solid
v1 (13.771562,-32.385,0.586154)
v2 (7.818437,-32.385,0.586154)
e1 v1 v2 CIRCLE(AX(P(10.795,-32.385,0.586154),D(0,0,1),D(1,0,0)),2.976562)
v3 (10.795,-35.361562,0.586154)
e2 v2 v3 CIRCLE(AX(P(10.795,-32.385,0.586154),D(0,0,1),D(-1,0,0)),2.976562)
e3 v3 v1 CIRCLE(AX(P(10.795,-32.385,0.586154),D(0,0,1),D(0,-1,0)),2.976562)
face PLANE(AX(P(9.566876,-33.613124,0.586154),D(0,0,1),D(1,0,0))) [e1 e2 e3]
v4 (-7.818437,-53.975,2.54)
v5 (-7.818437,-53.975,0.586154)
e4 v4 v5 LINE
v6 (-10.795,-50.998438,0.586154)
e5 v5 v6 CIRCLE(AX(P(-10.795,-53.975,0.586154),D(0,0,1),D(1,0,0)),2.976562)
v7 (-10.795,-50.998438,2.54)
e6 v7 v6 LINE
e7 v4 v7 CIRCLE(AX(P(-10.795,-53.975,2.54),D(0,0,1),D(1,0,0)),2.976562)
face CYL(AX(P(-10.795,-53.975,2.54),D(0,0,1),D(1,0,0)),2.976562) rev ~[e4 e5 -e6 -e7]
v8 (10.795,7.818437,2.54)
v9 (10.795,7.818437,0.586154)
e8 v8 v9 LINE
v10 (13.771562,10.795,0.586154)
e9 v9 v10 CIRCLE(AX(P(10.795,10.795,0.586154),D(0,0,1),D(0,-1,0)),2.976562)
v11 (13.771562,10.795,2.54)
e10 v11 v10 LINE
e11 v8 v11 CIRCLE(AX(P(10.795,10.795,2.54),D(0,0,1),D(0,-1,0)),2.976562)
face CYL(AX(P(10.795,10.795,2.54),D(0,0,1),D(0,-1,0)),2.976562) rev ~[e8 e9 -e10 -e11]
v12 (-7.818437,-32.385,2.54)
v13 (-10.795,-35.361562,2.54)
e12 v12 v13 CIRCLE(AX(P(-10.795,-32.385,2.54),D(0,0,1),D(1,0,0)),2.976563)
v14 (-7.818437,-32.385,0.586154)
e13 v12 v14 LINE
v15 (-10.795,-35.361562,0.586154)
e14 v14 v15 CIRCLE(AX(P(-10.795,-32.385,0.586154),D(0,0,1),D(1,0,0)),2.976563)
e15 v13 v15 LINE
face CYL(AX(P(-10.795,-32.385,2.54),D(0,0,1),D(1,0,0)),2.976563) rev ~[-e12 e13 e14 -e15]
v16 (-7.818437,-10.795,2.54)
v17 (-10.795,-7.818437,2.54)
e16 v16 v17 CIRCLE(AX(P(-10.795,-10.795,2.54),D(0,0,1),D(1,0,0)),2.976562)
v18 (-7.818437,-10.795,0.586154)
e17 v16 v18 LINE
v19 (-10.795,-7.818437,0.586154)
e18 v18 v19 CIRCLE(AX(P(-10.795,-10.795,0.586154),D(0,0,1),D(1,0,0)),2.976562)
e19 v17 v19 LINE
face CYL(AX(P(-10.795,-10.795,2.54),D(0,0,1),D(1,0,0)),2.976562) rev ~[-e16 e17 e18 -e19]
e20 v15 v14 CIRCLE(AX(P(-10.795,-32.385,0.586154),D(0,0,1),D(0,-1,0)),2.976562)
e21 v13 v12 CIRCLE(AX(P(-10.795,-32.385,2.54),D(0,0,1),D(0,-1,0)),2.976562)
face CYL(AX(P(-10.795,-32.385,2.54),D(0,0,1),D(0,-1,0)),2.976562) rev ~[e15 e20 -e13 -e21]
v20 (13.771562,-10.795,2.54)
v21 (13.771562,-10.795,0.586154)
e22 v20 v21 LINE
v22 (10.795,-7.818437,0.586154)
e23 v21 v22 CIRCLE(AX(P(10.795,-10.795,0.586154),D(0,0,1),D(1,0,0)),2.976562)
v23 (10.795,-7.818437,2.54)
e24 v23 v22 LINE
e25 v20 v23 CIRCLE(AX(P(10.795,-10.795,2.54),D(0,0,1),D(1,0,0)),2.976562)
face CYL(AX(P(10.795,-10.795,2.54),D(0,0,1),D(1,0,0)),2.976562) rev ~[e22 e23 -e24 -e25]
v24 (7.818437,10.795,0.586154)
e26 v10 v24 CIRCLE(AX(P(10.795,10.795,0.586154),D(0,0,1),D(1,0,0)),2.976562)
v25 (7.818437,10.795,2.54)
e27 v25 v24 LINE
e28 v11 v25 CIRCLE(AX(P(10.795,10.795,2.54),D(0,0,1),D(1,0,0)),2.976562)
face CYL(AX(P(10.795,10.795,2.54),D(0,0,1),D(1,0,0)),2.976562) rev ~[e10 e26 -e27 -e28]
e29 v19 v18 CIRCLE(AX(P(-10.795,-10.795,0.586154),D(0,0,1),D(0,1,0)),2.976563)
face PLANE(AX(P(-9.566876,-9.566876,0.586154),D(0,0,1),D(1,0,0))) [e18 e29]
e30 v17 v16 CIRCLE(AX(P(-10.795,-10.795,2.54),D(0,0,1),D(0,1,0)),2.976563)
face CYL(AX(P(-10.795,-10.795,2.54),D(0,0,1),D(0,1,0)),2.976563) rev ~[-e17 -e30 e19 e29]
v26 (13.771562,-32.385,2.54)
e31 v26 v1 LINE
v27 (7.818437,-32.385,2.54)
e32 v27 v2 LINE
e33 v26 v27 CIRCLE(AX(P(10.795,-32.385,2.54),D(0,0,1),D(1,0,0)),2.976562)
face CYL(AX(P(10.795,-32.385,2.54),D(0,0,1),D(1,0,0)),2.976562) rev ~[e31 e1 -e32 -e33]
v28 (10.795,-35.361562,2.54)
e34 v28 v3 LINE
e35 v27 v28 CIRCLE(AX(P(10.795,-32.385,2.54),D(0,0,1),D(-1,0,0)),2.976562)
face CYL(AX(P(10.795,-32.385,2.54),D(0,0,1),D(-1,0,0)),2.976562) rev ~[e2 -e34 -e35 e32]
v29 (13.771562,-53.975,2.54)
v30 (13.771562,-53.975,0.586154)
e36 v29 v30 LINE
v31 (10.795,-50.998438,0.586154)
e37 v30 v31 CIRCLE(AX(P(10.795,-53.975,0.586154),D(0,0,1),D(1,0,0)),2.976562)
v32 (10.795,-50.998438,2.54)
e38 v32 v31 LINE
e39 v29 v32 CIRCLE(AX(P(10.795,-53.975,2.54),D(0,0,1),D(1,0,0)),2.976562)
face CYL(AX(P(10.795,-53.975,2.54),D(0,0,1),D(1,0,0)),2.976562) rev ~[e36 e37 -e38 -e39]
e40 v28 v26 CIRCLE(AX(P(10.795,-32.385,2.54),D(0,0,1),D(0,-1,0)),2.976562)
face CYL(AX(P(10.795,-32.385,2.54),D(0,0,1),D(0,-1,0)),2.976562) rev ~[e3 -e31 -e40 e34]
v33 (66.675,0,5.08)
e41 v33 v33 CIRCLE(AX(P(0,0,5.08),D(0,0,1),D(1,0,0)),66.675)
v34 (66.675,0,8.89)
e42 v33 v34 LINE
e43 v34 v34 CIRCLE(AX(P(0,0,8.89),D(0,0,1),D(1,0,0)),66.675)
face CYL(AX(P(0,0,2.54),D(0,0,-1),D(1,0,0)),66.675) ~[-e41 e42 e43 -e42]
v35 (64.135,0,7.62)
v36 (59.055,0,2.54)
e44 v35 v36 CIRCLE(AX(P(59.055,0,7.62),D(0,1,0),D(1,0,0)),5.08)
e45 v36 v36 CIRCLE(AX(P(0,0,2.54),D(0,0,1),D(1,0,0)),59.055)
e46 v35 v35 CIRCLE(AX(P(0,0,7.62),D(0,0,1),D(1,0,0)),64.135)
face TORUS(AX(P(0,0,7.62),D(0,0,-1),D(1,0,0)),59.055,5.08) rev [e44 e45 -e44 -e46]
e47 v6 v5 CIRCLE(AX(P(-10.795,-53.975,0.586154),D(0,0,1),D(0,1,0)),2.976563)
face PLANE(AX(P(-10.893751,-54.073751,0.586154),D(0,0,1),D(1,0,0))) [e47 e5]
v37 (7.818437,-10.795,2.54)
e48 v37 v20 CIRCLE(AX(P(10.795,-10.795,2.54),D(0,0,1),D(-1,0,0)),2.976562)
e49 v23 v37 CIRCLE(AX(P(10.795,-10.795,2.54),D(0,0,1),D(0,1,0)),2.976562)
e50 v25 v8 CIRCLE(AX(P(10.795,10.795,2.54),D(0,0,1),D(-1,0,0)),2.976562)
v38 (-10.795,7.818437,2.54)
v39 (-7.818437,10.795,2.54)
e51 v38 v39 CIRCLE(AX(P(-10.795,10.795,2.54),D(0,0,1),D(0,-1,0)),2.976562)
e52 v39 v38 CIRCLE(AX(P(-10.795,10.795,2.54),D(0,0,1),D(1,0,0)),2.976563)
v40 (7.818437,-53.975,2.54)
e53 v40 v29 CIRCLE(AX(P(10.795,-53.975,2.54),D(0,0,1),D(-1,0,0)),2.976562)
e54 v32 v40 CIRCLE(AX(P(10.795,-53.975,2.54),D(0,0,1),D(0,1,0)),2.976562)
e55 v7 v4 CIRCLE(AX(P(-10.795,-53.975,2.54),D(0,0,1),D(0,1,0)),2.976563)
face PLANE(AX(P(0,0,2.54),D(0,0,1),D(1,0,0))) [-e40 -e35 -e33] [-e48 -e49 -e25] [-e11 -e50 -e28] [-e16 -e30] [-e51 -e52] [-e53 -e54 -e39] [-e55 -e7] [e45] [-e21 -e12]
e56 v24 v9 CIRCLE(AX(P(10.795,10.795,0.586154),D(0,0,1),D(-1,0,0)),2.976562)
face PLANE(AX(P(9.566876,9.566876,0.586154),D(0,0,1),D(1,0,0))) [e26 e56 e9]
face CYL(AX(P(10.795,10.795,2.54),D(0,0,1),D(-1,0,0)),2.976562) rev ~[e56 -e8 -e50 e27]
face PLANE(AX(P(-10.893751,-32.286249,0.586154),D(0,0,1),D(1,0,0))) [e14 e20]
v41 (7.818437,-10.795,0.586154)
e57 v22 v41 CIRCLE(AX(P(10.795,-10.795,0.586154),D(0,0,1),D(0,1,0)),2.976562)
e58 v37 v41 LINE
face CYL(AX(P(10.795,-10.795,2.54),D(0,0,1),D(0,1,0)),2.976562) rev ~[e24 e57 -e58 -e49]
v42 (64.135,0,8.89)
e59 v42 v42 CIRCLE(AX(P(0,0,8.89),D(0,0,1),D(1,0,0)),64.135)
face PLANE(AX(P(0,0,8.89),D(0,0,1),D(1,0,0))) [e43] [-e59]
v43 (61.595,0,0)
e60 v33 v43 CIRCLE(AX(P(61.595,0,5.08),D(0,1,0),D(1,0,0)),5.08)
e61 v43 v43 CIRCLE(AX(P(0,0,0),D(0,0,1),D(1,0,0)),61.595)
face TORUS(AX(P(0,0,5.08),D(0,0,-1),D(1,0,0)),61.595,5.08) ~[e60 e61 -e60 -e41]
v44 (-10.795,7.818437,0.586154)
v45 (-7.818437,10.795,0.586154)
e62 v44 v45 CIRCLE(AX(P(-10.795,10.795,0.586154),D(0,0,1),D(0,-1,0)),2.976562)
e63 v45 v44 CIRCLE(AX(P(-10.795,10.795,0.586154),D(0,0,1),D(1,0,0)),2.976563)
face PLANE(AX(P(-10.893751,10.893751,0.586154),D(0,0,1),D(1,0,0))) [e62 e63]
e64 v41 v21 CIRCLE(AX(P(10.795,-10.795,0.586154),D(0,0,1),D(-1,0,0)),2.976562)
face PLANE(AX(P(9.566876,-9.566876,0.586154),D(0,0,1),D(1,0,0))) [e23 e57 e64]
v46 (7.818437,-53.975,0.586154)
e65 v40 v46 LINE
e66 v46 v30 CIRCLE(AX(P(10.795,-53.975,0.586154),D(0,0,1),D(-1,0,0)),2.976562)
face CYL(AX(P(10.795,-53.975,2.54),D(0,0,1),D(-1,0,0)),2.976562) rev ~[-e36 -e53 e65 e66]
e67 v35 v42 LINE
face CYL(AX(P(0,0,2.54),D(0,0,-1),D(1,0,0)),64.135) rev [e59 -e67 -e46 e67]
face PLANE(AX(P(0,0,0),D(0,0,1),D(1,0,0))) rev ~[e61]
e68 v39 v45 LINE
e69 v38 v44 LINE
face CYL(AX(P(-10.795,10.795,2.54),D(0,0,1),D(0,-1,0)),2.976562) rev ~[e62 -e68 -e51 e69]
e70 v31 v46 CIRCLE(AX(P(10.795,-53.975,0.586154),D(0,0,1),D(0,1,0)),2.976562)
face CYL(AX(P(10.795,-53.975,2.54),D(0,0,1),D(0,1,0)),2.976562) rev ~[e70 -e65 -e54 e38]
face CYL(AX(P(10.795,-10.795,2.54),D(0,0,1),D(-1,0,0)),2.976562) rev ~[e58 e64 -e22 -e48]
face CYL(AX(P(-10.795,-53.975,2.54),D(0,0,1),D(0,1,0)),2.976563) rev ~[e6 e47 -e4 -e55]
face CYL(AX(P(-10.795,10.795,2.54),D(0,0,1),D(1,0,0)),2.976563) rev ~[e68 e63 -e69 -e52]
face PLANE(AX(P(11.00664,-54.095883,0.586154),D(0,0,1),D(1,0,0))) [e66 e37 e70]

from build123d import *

# Parameters (mm, degrees)
F0_R     = 66.675
F1_DEPTH = 2.54
F2_R     = 66.675
F2_R_2   = 64.135
F3_DEPTH = 6.35
F4_R     = 5.08
F6_DEPTH = 1.9538461538


with BuildPart() as f1:
    # F0 (on Top) → F1 (new body)
    with BuildSketch(Plane.XY):
        Circle(F0_R)
    extrude(amount=F1_DEPTH)

    # F2 (on face) → F3 (join)
    with BuildSketch(Plane.XY.offset(2.54)):
        Circle(F2_R)
        Circle(F2_R_2, mode=Mode.SUBTRACT)
    extrude(amount=F3_DEPTH)

    # F4
    f4_edges = [f1.edges().sort_by_distance(p)[0] for p in [
        (-64.135, 0, 2.54),
        (-66.675, 0, 0),
    ]]
    fillet(f4_edges, radius=F4_R)

    # F5 (on face) → F6 (cut)
    with BuildSketch(Plane.XY.offset(2.54)):
        with BuildLine():
            Line((10.795, 10.795), (7.8184375, 10.795))
            ThreePointArc((7.8184375, 10.795), (8.6902524716, 8.6902524716), (10.795, 7.8184375))
            Line((10.795, 7.8184375), (10.795, 10.795))
        make_face()
        with BuildLine():
            ThreePointArc((13.7715625, 10.795), (10.795, 13.7715625), (7.8184375, 10.795))
            Line((7.8184375, 10.795), (10.795, 10.795))
            Line((10.795, 10.795), (10.795, 7.8184375))
            ThreePointArc((10.795, 7.8184375), (12.8997475284, 8.6902524716), (13.7715625, 10.795))
        make_face()
        with BuildLine():
            Line((-10.795, 10.795), (-7.8184375, 10.795))
            ThreePointArc((-7.8184375, 10.795), (-12.8997475284, 12.8997475284), (-10.795, 7.8184375))
            Line((-10.795, 7.8184375), (-10.795, 10.795))
        make_face()
        with BuildLine():
            ThreePointArc((-10.795, 7.8184375), (-8.6902524716, 8.6902524716), (-7.8184375, 10.795))
            Line((-7.8184375, 10.795), (-10.795, 10.795))
            Line((-10.795, 10.795), (-10.795, 7.8184375))
        make_face()
        with BuildLine():
            Line((10.795, -10.795), (10.795, -7.8184375))
            ThreePointArc((10.795, -7.8184375), (8.6902524716, -8.6902524716), (7.8184375, -10.795))
            Line((7.8184375, -10.795), (10.795, -10.795))
        make_face()
        with BuildLine():
            ThreePointArc((13.7715625, -10.795), (12.8997475284, -8.6902524716), (10.795, -7.8184375))
            Line((10.795, -7.8184375), (10.795, -10.795))
            Line((10.795, -10.795), (7.8184375, -10.795))
            ThreePointArc((7.8184375, -10.795), (10.795, -13.7715625), (13.7715625, -10.795))
        make_face()
        with BuildLine():
            ThreePointArc((-7.8184375, -10.795), (-8.6902524716, -8.6902524716), (-10.795, -7.8184375))
            Line((-10.795, -7.8184375), (-10.795, -10.795))
            Line((-10.795, -10.795), (-7.8184375, -10.795))
        make_face()
        with BuildLine():
            Line((-10.795, -10.795), (-10.795, -7.8184375))
            ThreePointArc((-10.795, -7.8184375), (-12.8997475284, -12.8997475284), (-7.8184375, -10.795))
            Line((-7.8184375, -10.795), (-10.795, -10.795))
        make_face()
        with BuildLine():
            Line((10.795, -32.385), (7.8184375, -32.385))
            ThreePointArc((7.8184375, -32.385), (8.6902524716, -34.4897475284), (10.795, -35.3615625))
            Line((10.795, -35.3615625), (10.795, -32.385))
        make_face()
        with BuildLine():
            ThreePointArc((13.7715625, -32.385), (10.795, -29.4084375), (7.8184375, -32.385))
            Line((7.8184375, -32.385), (10.795, -32.385))
            Line((10.795, -32.385), (10.795, -35.3615625))
            ThreePointArc((10.795, -35.3615625), (12.8997475284, -34.4897475284), (13.7715625, -32.385))
        make_face()
        with BuildLine():
            Line((-10.795, -32.385), (-7.8184375, -32.385))
            ThreePointArc((-7.8184375, -32.385), (-12.8997475284, -30.2802524716), (-10.795, -35.3615625))
            Line((-10.795, -35.3615625), (-10.795, -32.385))
        make_face()
        with BuildLine():
            ThreePointArc((-10.795, -35.3615625), (-8.6902524716, -34.4897475284), (-7.8184375, -32.385))
            Line((-7.8184375, -32.385), (-10.795, -32.385))
            Line((-10.795, -32.385), (-10.795, -35.3615625))
        make_face()
        with BuildLine():
            ThreePointArc((13.7715625, -53.975), (12.8997475284, -51.8702524716), (10.795, -50.9984375))
            Line((10.795, -50.9984375), (10.795, -53.975))
            Line((10.795, -53.975), (7.8184375, -53.975))
            ThreePointArc((7.8184375, -53.975), (10.795, -56.9515625), (13.7715625, -53.975))
        make_face()
        with BuildLine():
            Line((-10.795, -53.975), (-10.795, -50.9984375))
            ThreePointArc((-10.795, -50.9984375), (-12.8997475284, -56.0797475284), (-7.8184375, -53.975))
            Line((-7.8184375, -53.975), (-10.795, -53.975))
        make_face()
        with BuildLine():
            Line((10.795, -53.975), (10.795, -50.9984375))
            ThreePointArc((10.795, -50.9984375), (8.6902524716, -51.8702524716), (7.8184375, -53.975))
            Line((7.8184375, -53.975), (10.795, -53.975))
        make_face()
        with BuildLine():
            ThreePointArc((-7.8184375, -53.975), (-8.6902524716, -51.8702524716), (-10.795, -50.9984375))
            Line((-10.795, -50.9984375), (-10.795, -53.975))
            Line((-10.795, -53.975), (-7.8184375, -53.975))
        make_face()
    extrude(amount=-F6_DEPTH, mode=Mode.SUBTRACT)


solid = f1.part
